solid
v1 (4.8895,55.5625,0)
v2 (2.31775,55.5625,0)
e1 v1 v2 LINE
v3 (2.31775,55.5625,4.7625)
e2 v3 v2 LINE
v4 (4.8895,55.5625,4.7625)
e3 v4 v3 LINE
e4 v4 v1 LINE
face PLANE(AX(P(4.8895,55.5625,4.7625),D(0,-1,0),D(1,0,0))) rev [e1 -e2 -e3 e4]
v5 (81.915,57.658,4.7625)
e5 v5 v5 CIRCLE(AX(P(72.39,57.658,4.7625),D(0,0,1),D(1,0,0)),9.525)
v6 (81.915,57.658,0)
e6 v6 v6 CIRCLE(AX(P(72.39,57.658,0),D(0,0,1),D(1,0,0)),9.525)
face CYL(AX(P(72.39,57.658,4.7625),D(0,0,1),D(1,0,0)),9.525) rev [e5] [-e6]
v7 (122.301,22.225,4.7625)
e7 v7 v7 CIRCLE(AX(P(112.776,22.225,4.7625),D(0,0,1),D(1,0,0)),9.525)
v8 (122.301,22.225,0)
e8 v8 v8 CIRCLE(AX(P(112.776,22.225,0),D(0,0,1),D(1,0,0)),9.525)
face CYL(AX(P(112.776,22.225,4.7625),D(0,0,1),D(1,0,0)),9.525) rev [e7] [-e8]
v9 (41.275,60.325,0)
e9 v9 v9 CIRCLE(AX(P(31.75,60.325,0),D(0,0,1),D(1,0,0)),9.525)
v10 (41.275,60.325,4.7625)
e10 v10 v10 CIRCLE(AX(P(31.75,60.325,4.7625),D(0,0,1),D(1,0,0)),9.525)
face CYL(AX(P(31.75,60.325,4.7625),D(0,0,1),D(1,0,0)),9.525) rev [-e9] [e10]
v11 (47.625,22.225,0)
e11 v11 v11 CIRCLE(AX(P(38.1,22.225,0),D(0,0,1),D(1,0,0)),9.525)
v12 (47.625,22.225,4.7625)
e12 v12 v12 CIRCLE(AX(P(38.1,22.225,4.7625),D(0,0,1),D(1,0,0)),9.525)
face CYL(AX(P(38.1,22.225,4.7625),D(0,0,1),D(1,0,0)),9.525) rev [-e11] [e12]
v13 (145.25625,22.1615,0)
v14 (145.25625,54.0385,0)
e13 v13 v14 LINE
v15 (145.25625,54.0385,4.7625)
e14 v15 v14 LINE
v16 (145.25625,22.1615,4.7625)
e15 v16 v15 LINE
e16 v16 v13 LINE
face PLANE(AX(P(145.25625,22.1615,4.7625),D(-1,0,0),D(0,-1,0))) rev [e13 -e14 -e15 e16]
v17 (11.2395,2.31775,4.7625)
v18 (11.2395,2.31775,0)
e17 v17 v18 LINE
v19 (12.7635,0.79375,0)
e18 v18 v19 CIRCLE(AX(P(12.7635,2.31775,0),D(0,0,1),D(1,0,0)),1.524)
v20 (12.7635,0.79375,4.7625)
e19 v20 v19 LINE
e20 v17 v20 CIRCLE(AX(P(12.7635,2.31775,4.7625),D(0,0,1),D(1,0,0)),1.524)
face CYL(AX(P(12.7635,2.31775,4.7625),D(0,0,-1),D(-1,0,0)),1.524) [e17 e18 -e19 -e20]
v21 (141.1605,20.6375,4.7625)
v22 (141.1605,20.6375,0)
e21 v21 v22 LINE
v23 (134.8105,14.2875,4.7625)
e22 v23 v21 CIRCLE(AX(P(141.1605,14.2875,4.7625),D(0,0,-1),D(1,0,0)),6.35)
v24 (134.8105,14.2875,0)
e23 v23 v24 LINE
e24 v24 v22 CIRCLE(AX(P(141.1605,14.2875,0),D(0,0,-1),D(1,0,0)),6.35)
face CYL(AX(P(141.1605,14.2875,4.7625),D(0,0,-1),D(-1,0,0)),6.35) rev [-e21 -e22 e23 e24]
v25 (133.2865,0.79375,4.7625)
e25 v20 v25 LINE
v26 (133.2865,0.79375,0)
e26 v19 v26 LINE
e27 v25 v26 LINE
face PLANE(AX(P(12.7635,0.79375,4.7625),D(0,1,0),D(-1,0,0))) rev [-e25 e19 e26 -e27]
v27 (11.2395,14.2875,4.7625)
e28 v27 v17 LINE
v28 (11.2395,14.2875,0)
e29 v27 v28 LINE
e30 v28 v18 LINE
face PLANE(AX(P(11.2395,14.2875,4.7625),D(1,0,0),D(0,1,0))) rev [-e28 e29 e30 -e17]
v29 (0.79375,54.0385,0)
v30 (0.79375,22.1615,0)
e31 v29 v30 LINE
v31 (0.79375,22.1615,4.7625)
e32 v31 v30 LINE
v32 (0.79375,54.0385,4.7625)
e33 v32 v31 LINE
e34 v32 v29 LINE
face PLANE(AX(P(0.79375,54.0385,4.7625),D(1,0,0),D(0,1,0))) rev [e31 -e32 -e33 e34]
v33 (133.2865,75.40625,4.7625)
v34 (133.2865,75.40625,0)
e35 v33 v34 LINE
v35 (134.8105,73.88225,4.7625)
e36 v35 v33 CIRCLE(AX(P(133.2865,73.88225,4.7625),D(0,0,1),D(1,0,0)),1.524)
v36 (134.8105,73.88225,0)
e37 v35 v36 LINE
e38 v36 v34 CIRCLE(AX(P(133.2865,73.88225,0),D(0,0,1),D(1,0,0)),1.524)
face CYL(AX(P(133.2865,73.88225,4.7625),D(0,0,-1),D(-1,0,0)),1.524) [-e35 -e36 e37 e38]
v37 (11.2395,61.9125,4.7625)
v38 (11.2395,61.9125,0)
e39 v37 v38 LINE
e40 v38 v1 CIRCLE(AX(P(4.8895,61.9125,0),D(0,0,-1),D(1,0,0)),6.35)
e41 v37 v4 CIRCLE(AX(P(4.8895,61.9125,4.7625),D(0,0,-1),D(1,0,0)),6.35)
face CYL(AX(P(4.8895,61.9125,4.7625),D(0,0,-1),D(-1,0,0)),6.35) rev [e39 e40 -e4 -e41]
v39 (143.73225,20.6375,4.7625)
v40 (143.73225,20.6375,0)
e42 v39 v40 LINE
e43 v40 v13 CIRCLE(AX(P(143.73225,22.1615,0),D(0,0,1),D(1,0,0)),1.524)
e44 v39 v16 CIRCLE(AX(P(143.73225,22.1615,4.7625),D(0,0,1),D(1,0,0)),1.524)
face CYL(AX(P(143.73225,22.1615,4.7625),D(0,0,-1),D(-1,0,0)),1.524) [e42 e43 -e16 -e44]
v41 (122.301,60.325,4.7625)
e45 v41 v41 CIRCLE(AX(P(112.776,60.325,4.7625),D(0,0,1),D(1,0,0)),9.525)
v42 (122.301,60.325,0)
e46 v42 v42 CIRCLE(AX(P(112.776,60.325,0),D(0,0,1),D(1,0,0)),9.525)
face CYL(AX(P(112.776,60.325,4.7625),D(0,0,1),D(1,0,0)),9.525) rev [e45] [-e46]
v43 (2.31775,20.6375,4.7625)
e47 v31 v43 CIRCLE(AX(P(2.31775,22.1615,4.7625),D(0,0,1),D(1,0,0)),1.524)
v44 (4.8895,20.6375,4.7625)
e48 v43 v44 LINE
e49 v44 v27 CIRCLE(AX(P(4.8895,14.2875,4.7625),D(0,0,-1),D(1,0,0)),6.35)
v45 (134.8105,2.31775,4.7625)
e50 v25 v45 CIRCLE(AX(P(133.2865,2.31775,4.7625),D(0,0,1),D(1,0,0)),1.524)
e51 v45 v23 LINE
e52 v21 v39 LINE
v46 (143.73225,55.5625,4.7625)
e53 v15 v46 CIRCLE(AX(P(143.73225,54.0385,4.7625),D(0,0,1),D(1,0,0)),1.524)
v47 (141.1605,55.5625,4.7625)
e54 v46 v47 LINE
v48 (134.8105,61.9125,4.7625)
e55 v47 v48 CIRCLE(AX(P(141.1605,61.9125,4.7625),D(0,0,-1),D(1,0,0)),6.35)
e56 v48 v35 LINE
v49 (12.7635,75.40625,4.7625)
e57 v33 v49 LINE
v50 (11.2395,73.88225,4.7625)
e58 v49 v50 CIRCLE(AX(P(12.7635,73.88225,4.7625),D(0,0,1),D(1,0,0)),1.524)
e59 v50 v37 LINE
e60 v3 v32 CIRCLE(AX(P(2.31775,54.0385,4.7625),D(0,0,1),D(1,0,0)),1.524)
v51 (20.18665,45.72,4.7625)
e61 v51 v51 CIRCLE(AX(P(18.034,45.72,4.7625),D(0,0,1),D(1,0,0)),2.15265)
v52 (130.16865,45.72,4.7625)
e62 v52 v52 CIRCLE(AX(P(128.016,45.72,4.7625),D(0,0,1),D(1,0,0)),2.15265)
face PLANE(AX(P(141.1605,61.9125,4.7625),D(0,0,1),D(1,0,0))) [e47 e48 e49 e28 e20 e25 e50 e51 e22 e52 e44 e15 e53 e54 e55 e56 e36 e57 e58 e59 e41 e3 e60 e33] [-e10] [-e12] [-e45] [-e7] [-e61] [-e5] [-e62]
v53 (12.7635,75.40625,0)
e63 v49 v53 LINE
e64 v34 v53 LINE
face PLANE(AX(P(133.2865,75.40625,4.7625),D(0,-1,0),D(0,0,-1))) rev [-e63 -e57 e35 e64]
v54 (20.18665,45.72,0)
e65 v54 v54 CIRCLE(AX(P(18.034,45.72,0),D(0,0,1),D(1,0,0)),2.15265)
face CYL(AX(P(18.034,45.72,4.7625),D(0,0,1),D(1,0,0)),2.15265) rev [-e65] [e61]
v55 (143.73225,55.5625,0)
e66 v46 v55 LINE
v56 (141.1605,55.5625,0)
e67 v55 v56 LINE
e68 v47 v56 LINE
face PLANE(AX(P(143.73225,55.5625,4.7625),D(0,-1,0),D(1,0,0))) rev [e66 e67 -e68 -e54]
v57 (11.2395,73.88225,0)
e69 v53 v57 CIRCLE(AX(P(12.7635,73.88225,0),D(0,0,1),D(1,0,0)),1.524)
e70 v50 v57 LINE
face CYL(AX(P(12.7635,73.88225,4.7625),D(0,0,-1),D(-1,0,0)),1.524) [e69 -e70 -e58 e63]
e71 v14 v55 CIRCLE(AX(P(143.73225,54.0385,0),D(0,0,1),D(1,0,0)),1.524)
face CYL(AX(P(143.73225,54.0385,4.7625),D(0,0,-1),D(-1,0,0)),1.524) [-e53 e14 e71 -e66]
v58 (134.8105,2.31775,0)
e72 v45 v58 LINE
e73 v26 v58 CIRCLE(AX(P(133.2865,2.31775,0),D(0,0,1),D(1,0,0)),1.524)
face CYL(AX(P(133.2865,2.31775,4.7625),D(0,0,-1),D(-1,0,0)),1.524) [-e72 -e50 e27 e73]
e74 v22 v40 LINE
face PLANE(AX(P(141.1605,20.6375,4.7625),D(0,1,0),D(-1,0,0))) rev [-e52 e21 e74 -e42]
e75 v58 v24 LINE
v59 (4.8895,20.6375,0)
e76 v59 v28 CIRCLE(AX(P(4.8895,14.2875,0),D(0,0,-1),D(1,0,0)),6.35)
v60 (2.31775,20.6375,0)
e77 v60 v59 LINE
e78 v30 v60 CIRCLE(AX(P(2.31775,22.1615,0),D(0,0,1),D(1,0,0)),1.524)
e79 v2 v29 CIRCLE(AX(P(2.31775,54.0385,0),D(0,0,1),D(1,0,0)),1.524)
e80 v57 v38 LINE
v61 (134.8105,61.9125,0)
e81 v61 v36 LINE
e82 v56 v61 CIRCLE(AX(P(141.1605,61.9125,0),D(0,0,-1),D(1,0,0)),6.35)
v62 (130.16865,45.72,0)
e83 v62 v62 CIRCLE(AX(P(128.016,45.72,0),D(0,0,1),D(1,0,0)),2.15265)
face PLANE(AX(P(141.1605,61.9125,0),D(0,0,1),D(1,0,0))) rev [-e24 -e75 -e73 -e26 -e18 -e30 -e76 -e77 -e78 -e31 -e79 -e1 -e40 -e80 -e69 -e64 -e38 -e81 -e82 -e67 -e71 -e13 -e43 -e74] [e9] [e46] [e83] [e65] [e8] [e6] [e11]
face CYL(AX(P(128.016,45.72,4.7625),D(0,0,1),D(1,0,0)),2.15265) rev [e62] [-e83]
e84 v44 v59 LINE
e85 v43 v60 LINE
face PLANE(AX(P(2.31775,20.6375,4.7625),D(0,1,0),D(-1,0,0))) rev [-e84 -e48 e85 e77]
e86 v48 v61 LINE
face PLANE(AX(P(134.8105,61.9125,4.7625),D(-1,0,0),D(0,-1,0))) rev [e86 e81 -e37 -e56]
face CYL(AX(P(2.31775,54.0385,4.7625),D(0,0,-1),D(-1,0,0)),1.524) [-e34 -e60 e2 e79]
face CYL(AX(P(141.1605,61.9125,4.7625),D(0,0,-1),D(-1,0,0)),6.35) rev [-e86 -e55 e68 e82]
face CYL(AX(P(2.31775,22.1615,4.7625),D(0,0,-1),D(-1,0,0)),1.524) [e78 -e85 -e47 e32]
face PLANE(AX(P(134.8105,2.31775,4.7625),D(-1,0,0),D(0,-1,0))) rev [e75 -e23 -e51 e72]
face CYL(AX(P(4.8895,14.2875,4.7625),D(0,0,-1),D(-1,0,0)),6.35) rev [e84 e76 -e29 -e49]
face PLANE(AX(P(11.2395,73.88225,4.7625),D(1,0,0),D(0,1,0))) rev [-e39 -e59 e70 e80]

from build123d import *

# Parameters (mm, degrees)
BOSS_EXTRUDE1_DEPTH         = 4.7625
F_3_4_0_75_DIAMETER_HOLE1_D = 19.05
F_6_CLEARANCE_HOLE1_D       = 4.3053


with BuildPart() as part:
    # Sketch1 → Boss-Extrude1 (new body)
    with BuildSketch(Plane.XY):
        with BuildLine():
            Line((134.8105, 61.9125), (134.8105, 73.88225))
            ThreePointArc((134.8105, 73.88225), (134.364130735, 74.959880735), (133.2865, 75.40625))
            Line((133.2865, 75.40625), (12.7635, 75.40625))
            ThreePointArc((12.7635, 75.40625), (11.685869265, 74.959880735), (11.2395, 73.88225))
            Line((11.2395, 73.88225), (11.2395, 61.9125))
            ThreePointArc((11.2395, 61.9125), (9.379628061, 57.422371939), (4.8895, 55.5625))
            Line((4.8895, 55.5625), (2.31775, 55.5625))
            ThreePointArc((2.31775, 55.5625), (1.240119265, 55.116130735), (0.79375, 54.0385))
            Line((0.79375, 54.0385), (0.79375, 22.1615))
            ThreePointArc((0.79375, 22.1615), (1.240119265, 21.083869265), (2.31775, 20.6375))
            Line((2.31775, 20.6375), (4.8895, 20.6375))
            ThreePointArc((4.8895, 20.6375), (9.379628061, 18.777628061), (11.2395, 14.2875))
            Line((11.2395, 14.2875), (11.2395, 2.31775))
            ThreePointArc((11.2395, 2.31775), (11.685869265, 1.240119265), (12.7635, 0.79375))
            Line((12.7635, 0.79375), (133.2865, 0.79375))
            ThreePointArc((133.2865, 0.79375), (134.364130735, 1.240119265), (134.8105, 2.31775))
            Line((134.8105, 2.31775), (134.8105, 14.2875))
            ThreePointArc((134.8105, 14.2875), (136.670371939, 18.777628061), (141.1605, 20.6375))
            Line((141.1605, 20.6375), (143.73225, 20.6375))
            ThreePointArc((143.73225, 20.6375), (144.809880735, 21.083869265), (145.25625, 22.1615))
            Line((145.25625, 22.1615), (145.25625, 54.0385))
            ThreePointArc((145.25625, 54.0385), (144.809880735, 55.116130735), (143.73225, 55.5625))
            Line((143.73225, 55.5625), (141.1605, 55.5625))
            ThreePointArc((141.1605, 55.5625), (136.670371939, 57.422371939), (134.8105, 61.9125))
        make_face()
    extrude(amount=BOSS_EXTRUDE1_DEPTH)

    # 3/4 (0.75) Diameter Hole1 (through all)
    with Locations(Plane.XY.offset(4.7625)):
        with Locations((31.75, 60.325), (72.39, 57.658), (112.776, 60.325), (112.776, 22.225), (38.1, 22.225)):
            Hole(F_3_4_0_75_DIAMETER_HOLE1_D / 2)

    # #6 Clearance Hole1 (through all)
    with Locations(Plane.XY.offset(4.7625)):
        with Locations((18.034, 45.72), (128.016, 45.72)):
            Hole(F_6_CLEARANCE_HOLE1_D / 2)


solid = part.part
